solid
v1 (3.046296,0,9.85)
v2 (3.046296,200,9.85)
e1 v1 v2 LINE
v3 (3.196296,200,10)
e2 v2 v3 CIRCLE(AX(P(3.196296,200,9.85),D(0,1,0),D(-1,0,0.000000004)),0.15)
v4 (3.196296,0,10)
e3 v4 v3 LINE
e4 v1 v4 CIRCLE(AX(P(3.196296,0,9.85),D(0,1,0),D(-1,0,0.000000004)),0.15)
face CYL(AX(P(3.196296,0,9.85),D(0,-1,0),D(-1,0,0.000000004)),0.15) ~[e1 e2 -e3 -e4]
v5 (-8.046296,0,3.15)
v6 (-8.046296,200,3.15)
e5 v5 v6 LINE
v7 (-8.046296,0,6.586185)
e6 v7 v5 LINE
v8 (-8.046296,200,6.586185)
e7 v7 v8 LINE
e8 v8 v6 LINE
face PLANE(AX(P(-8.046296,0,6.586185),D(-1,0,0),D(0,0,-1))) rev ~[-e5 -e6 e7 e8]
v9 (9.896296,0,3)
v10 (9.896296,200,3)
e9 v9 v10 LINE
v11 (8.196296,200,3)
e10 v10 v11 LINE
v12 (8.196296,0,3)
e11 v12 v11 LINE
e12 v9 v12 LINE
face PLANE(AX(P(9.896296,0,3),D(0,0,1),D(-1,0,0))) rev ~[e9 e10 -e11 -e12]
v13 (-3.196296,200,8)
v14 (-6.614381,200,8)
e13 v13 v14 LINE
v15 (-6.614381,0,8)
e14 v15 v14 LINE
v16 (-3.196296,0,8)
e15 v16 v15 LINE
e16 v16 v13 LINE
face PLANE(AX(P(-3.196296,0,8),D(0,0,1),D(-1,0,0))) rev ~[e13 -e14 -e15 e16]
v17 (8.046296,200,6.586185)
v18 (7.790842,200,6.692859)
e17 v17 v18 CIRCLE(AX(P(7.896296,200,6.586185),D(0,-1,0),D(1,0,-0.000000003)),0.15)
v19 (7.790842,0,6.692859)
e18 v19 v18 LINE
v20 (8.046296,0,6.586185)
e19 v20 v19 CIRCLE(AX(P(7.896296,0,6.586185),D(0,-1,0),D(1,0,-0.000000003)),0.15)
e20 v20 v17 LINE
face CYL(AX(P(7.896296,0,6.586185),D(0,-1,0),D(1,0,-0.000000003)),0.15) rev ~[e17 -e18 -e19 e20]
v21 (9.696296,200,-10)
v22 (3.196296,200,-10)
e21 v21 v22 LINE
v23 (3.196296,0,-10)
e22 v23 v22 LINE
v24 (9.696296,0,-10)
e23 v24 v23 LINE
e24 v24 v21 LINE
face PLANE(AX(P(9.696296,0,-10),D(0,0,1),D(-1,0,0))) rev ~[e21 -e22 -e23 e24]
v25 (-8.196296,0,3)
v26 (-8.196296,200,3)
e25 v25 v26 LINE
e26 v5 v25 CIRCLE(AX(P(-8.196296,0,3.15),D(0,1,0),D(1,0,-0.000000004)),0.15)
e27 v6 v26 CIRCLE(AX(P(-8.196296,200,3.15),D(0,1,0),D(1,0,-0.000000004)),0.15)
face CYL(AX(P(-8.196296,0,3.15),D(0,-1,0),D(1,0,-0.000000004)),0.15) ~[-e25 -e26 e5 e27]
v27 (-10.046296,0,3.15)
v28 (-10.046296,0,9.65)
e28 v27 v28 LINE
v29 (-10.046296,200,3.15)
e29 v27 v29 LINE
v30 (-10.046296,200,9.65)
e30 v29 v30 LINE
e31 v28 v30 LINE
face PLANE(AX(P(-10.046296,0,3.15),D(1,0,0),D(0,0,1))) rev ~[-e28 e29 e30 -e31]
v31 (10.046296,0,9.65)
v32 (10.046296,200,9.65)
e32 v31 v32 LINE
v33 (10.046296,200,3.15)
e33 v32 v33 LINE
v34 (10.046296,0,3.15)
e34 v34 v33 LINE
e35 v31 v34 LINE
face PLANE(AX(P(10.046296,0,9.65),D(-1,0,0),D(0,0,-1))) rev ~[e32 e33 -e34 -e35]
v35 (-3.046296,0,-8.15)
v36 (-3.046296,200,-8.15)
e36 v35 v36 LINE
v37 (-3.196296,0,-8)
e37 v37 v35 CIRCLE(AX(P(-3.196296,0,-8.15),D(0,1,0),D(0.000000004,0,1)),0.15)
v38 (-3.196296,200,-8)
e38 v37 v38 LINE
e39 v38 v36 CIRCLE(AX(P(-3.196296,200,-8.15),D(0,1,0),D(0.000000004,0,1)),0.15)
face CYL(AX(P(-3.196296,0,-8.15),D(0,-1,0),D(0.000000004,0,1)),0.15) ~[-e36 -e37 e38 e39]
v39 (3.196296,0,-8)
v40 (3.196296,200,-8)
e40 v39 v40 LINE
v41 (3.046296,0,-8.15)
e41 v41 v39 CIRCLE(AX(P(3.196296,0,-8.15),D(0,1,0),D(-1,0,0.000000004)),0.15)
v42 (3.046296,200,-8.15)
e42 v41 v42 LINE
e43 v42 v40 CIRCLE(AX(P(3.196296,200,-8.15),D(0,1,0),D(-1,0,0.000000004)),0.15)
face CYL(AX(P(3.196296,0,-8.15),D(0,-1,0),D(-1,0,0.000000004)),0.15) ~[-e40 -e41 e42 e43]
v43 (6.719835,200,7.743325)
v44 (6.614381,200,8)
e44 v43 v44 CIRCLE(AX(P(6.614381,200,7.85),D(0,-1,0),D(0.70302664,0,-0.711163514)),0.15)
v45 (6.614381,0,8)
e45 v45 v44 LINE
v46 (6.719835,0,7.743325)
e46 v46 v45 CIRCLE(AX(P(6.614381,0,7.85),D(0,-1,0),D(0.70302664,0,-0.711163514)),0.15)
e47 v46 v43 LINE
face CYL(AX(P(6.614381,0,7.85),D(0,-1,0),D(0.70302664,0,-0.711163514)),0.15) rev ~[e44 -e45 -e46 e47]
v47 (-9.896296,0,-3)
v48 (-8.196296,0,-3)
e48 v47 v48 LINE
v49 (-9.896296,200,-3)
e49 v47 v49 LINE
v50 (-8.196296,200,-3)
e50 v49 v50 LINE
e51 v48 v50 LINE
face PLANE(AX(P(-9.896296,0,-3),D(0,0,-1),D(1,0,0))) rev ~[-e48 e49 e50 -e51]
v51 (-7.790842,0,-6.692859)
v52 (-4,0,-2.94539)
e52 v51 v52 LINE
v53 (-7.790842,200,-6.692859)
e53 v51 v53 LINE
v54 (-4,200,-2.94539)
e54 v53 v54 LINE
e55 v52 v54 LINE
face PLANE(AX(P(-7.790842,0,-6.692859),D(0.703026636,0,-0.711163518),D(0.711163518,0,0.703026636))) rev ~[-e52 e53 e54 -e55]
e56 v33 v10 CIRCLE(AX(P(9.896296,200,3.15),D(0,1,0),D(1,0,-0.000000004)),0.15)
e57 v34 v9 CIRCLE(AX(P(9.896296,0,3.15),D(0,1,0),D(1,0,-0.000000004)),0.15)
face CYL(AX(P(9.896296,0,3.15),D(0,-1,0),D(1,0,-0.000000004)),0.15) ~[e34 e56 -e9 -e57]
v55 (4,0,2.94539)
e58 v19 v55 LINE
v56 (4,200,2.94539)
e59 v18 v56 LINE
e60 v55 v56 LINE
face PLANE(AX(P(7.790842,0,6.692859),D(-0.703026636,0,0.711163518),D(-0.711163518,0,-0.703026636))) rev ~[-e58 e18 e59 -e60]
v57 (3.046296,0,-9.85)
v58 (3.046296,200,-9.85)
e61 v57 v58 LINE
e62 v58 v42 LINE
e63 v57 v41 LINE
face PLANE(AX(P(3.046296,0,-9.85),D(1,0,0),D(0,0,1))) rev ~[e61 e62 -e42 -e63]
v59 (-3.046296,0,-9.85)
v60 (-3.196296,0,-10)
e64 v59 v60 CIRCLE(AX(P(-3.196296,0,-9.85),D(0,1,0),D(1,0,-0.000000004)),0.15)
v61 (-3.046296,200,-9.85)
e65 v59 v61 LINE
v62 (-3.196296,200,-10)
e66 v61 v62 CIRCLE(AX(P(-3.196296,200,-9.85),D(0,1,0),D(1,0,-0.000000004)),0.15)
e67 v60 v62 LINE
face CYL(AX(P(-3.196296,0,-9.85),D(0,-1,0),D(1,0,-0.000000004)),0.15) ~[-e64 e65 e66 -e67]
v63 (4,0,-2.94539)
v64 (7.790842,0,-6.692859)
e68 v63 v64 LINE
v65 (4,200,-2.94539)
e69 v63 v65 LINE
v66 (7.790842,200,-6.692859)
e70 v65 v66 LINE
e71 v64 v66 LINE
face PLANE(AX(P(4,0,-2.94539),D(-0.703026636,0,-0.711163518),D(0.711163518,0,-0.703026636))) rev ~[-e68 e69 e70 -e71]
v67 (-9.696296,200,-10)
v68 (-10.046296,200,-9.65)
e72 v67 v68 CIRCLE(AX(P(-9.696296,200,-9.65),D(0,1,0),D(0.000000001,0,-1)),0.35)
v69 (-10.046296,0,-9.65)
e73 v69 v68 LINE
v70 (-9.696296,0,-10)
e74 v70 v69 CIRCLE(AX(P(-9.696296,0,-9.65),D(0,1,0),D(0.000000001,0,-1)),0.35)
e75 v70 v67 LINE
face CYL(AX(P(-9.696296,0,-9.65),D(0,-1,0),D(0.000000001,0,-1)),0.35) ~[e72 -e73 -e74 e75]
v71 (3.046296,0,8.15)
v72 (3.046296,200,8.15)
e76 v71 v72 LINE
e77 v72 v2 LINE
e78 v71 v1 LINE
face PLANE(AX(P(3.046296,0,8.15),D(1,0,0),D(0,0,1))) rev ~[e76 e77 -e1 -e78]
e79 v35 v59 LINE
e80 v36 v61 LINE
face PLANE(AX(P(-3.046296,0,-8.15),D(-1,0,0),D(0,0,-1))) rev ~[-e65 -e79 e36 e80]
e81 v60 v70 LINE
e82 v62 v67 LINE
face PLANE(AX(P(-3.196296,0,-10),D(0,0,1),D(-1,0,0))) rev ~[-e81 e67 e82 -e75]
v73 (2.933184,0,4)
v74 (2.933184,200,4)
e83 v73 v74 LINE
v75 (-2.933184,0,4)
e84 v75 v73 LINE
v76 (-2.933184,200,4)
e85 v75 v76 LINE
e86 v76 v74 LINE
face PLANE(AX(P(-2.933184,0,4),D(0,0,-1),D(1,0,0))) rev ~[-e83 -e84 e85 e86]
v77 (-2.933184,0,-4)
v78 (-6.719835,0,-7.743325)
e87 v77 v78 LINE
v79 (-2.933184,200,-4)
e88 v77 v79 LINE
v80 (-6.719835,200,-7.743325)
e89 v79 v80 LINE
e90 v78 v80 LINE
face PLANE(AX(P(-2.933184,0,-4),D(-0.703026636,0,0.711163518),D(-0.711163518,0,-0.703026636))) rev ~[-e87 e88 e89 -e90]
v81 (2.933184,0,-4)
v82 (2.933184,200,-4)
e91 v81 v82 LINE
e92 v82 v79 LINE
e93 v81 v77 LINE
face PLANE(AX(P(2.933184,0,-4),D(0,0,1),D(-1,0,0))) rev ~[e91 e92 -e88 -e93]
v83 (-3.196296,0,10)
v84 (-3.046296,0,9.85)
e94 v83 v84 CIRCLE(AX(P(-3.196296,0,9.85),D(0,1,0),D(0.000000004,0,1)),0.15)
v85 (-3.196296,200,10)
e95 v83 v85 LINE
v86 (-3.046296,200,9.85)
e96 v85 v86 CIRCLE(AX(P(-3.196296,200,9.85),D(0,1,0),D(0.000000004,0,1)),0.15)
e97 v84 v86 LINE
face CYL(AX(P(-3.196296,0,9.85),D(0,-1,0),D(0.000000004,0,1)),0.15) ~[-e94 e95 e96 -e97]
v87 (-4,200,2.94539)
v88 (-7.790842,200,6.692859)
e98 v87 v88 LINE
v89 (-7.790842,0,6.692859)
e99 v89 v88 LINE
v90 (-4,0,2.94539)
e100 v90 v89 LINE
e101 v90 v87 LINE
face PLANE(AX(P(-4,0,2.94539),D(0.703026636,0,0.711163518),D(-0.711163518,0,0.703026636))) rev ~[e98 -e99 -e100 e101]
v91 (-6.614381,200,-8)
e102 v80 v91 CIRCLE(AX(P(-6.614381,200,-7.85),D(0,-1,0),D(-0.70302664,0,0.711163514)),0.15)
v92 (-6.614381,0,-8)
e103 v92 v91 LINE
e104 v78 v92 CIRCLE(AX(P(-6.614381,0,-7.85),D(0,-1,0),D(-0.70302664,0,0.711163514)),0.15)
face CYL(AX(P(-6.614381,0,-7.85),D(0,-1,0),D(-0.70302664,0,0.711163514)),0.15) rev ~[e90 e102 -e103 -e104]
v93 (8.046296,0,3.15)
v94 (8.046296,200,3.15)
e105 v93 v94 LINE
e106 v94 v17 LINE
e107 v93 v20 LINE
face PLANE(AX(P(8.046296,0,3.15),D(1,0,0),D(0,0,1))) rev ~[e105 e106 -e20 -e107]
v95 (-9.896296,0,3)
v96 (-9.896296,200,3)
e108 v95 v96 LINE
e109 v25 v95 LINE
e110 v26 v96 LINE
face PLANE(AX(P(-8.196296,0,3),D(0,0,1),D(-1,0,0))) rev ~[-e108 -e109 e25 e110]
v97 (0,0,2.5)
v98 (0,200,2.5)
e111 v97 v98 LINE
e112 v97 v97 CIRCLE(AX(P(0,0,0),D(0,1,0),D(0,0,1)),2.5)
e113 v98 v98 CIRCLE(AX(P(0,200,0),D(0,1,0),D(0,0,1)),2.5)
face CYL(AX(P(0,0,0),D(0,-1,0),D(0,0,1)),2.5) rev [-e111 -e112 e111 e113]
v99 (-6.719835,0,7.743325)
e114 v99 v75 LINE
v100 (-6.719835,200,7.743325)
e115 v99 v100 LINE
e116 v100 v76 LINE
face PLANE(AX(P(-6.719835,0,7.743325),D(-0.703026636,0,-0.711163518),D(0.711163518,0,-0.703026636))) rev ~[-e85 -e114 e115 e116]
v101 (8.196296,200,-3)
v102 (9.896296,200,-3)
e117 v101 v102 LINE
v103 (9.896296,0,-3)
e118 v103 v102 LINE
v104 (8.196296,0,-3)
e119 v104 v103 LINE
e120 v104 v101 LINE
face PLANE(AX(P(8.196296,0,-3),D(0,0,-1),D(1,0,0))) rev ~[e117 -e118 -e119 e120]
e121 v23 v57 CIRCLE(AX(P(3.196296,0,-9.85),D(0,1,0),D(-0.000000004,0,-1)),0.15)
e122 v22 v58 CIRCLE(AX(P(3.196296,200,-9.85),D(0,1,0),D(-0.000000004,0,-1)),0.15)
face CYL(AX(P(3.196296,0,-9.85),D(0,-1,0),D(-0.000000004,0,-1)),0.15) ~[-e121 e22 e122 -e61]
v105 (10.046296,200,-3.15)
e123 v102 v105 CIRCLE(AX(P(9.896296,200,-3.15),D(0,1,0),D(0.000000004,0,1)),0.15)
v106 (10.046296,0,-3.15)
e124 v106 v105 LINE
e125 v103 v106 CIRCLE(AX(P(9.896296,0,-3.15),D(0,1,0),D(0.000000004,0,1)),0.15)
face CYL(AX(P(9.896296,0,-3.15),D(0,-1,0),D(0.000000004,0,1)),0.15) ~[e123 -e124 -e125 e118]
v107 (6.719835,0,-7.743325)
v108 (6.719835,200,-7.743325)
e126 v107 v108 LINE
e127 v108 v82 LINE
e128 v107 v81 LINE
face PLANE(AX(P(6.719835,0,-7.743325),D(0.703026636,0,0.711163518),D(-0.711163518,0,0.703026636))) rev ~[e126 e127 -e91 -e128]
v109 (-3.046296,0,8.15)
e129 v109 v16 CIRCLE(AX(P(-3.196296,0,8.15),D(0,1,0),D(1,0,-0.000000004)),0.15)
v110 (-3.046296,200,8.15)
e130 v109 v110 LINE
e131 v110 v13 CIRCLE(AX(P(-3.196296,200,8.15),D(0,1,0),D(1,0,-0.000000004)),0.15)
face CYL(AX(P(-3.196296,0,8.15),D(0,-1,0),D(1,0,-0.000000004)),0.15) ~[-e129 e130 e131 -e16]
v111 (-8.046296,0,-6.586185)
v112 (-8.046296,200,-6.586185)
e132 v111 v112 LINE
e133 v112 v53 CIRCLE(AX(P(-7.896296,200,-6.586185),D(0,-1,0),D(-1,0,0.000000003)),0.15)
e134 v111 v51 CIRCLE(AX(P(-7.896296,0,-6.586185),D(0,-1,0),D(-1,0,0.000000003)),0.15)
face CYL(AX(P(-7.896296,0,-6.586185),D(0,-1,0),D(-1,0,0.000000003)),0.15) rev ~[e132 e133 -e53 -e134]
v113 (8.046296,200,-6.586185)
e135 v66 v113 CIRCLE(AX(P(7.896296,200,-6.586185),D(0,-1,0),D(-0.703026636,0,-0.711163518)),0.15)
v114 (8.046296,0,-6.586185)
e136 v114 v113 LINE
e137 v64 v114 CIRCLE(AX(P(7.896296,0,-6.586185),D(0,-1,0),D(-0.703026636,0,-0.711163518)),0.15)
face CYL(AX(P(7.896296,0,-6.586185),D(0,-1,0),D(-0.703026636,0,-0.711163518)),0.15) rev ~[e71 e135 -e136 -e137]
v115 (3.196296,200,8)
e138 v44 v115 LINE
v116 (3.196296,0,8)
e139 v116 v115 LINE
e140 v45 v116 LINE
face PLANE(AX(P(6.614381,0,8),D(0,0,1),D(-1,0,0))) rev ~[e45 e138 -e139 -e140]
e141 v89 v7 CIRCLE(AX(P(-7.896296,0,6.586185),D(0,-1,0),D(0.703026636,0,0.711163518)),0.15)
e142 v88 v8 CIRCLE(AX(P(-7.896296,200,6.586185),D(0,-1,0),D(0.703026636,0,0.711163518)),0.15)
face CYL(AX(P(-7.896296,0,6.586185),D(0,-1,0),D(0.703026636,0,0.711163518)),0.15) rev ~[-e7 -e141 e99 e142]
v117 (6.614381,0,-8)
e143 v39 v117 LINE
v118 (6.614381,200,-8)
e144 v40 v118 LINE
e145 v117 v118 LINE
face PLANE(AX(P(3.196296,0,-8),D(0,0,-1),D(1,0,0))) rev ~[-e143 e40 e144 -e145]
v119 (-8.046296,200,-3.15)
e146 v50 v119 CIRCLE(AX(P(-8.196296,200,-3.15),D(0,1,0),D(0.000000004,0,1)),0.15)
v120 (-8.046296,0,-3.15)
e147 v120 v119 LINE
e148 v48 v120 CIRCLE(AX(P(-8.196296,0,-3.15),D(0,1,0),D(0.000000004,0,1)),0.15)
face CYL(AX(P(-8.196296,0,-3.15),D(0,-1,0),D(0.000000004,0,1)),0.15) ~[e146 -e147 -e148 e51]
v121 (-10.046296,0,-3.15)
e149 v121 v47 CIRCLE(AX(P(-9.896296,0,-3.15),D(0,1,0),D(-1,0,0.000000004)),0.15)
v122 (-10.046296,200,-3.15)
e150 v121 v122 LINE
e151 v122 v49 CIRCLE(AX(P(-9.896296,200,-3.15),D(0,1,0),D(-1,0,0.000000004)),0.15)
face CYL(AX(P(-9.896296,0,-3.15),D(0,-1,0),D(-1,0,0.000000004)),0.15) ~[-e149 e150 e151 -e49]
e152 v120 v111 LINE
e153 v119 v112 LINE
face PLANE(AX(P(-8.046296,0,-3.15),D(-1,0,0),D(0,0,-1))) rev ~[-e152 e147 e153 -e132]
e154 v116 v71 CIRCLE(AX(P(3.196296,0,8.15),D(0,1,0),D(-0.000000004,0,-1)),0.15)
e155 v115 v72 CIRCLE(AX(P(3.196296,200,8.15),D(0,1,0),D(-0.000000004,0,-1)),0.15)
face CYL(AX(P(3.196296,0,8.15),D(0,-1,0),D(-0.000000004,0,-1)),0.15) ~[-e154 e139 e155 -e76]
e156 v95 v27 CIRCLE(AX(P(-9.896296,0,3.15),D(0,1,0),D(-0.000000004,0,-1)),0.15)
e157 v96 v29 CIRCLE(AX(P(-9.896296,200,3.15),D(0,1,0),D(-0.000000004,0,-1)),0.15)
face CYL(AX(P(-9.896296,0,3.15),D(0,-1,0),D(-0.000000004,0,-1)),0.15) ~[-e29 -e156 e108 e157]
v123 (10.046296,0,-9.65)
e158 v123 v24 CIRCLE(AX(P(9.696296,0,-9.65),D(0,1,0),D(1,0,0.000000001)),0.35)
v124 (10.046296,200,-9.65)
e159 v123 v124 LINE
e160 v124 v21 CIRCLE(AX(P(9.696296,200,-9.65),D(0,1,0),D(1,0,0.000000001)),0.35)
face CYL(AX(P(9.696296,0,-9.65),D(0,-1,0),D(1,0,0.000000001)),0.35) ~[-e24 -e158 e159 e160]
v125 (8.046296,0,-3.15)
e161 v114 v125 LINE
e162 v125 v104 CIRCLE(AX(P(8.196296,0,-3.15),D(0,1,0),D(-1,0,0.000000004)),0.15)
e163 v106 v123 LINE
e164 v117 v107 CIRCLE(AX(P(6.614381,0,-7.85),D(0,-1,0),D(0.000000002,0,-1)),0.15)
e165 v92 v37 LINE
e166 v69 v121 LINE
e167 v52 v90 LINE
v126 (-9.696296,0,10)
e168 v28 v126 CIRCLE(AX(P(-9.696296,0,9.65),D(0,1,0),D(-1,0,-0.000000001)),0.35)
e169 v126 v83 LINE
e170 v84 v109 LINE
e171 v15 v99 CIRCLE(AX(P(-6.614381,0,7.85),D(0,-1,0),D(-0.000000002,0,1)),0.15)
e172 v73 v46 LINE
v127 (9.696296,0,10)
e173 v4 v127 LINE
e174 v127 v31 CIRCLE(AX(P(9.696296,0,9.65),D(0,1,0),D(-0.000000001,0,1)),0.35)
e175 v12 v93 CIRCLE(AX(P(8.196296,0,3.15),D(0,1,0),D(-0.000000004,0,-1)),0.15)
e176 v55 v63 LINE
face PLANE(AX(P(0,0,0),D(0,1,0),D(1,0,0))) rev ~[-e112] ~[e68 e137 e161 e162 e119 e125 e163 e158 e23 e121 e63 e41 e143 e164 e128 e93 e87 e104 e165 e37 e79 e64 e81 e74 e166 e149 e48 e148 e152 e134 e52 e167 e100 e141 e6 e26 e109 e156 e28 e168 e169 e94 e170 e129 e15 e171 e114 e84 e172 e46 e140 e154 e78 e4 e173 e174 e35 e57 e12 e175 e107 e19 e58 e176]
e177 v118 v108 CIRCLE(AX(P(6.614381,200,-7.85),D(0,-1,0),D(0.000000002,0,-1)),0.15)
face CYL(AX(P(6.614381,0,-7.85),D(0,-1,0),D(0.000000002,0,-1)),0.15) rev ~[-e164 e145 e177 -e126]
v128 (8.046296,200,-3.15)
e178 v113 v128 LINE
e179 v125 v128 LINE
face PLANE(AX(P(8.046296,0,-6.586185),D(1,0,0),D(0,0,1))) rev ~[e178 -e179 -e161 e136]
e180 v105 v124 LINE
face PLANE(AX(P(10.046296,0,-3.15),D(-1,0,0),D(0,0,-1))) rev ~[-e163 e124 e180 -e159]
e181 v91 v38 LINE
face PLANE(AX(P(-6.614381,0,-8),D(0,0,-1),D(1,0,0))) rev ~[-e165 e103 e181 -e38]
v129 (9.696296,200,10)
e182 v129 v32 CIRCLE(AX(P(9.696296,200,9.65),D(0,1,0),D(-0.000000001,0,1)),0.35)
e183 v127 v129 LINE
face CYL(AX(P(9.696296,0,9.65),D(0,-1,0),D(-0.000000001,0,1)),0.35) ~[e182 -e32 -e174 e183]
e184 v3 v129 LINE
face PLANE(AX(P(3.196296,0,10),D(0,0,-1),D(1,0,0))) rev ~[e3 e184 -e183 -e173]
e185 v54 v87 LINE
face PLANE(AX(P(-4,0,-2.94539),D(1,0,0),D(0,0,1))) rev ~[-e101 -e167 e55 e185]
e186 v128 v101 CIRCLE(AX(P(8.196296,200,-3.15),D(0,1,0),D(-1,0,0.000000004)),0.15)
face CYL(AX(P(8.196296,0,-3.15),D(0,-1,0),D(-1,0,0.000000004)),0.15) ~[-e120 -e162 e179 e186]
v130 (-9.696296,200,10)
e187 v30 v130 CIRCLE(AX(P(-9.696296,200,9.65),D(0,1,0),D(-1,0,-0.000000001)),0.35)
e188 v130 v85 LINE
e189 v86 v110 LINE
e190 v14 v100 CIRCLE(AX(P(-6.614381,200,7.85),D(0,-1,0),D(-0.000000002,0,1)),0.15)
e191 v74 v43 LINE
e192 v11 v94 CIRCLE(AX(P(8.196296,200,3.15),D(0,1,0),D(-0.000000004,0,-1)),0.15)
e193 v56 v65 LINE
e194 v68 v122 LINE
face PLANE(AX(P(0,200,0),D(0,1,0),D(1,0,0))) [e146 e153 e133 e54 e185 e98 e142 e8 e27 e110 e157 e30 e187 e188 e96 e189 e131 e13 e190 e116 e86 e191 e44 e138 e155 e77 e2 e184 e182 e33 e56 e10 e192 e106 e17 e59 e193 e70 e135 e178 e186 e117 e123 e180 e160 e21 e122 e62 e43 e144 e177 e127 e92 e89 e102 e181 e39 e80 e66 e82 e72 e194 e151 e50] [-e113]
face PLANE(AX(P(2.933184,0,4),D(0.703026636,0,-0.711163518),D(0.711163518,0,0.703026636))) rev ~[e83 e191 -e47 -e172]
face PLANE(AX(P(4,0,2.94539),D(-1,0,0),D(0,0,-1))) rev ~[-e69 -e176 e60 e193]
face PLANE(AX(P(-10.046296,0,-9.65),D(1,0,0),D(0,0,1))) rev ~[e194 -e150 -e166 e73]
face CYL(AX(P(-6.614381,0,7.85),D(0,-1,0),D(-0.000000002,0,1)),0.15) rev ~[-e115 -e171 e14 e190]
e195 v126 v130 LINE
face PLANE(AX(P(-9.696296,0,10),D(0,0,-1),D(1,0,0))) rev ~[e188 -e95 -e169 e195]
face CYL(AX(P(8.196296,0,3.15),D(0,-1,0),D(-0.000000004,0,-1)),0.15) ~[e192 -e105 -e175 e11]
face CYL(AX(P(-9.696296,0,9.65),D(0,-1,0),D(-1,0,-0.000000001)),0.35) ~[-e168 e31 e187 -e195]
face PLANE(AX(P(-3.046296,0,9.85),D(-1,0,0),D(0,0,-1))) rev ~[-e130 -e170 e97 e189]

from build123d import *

# Parameters (mm, degrees)
SKETCH1_R           = 2.5
BOSS_EXTRUDE2_DEPTH = 200


with BuildPart() as part:
    # Sketch1 → Boss-Extrude2 (new body)
    with BuildSketch(Plane(origin=(0, 0, 0), x_dir=(1, 0, 0), z_dir=(0, 1, 0))):
        with BuildLine():
            Line((-9.896296296, 3), (-8.196296296, 3))
            ThreePointArc((-8.196296296, 3), (-8.090230279, 3.043933983), (-8.046296296, 3.15))
            Line((-8.046296296, 3.15), (-8.046296296, 6.586184513))
            ThreePointArc((-8.046296296, 6.586184513), (-7.954097251, 6.724600732), (-7.790842301, 6.692859041))
            Line((-7.790842301, 6.692859041), (-4, 2.945390222))
            Line((-4, 2.945390222), (-4, -2.945390222))
            Line((-4, -2.945390222), (-7.790842301, -6.692859041))
            ThreePointArc((-7.790842301, -6.692859041), (-7.954097251, -6.724600732), (-8.046296296, -6.586184513))
            Line((-8.046296296, -6.586184513), (-8.046296296, -3.15))
            ThreePointArc((-8.046296296, -3.15), (-8.090230279, -3.043933983), (-8.196296296, -3))
            Line((-8.196296296, -3), (-9.896296296, -3))
            ThreePointArc((-9.896296296, -3), (-10.002362313, -3.043933983), (-10.046296296, -3.15))
            Line((-10.046296296, -3.15), (-10.046296296, -9.65))
            ThreePointArc((-10.046296296, -9.65), (-9.94378367, -9.897487373), (-9.696296296, -10))
            Line((-9.696296296, -10), (-3.196296296, -10))
            ThreePointArc((-3.196296296, -10), (-3.090230279, -9.956066017), (-3.046296296, -9.85))
            Line((-3.046296296, -9.85), (-3.046296296, -8.15))
            ThreePointArc((-3.046296296, -8.15), (-3.090230279, -8.043933983), (-3.196296296, -8))
            Line((-3.196296296, -8), (-6.614381093, -8))
            ThreePointArc((-6.614381093, -8), (-6.753127587, -7.9070036), (-6.719835089, -7.743325472))
            Line((-6.719835089, -7.743325472), (-2.93318409, -4))
            Line((-2.93318409, -4), (2.93318409, -4))
            Line((2.93318409, -4), (6.719835089, -7.743325472))
            ThreePointArc((6.719835089, -7.743325472), (6.753127587, -7.9070036), (6.614381093, -8))
            Line((6.614381093, -8), (3.196296296, -8))
            ThreePointArc((3.196296296, -8), (3.090230279, -8.043933983), (3.046296296, -8.15))
            Line((3.046296296, -8.15), (3.046296296, -9.85))
            ThreePointArc((3.046296296, -9.85), (3.090230279, -9.956066017), (3.196296296, -10))
            Line((3.196296296, -10), (9.696296296, -10))
            ThreePointArc((9.696296296, -10), (9.94378367, -9.897487373), (10.046296296, -9.65))
            Line((10.046296296, -9.65), (10.046296296, -3.15))
            ThreePointArc((10.046296296, -3.15), (10.002362313, -3.043933983), (9.896296296, -3))
            Line((9.896296296, -3), (8.196296296, -3))
            ThreePointArc((8.196296296, -3), (8.090230279, -3.043933983), (8.046296296, -3.15))
            Line((8.046296296, -3.15), (8.046296296, -6.586184513))
            ThreePointArc((8.046296296, -6.586184513), (7.954097251, -6.724600732), (7.790842301, -6.692859041))
            Line((7.790842301, -6.692859041), (4, -2.945390222))
            Line((4, -2.945390222), (4, 2.945390222))
            Line((4, 2.945390222), (7.790842301, 6.692859041))
            ThreePointArc((7.790842301, 6.692859041), (7.954097251, 6.724600732), (8.046296296, 6.586184513))
            Line((8.046296296, 6.586184513), (8.046296296, 3.15))
            ThreePointArc((8.046296296, 3.15), (8.090230279, 3.043933983), (8.196296296, 3))
            Line((8.196296296, 3), (9.896296296, 3))
            ThreePointArc((9.896296296, 3), (10.002362313, 3.043933983), (10.046296296, 3.15))
            Line((10.046296296, 3.15), (10.046296296, 9.65))
            ThreePointArc((10.046296296, 9.65), (9.94378367, 9.897487373), (9.696296296, 10))
            Line((9.696296296, 10), (3.196296296, 10))
            ThreePointArc((3.196296296, 10), (3.090230279, 9.956066017), (3.046296296, 9.85))
            Line((3.046296296, 9.85), (3.046296296, 8.15))
            ThreePointArc((3.046296296, 8.15), (3.090230279, 8.043933983), (3.196296296, 8))
            Line((3.196296296, 8), (6.614381093, 8))
            ThreePointArc((6.614381093, 8), (6.753127587, 7.9070036), (6.719835089, 7.743325472))
            Line((6.719835089, 7.743325472), (2.93318409, 4))
            Line((2.93318409, 4), (-2.93318409, 4))
            Line((-2.93318409, 4), (-6.719835089, 7.743325472))
            ThreePointArc((-6.719835089, 7.743325472), (-6.753127587, 7.9070036), (-6.614381093, 8))
            Line((-6.614381093, 8), (-3.196296296, 8))
            ThreePointArc((-3.196296296, 8), (-3.090230279, 8.043933983), (-3.046296296, 8.15))
            Line((-3.046296296, 8.15), (-3.046296296, 9.85))
            ThreePointArc((-3.046296296, 9.85), (-3.090230279, 9.956066017), (-3.196296296, 10))
            Line((-3.196296296, 10), (-9.696296296, 10))
            ThreePointArc((-9.696296296, 10), (-9.94378367, 9.897487373), (-10.046296296, 9.65))
            Line((-10.046296296, 9.65), (-10.046296296, 3.15))
            ThreePointArc((-10.046296296, 3.15), (-10.002362313, 3.043933983), (-9.896296296, 3))
        make_face()
        with Locations(Location((0, 0, 0), (0, 0, 270))):
            Circle(SKETCH1_R, mode=Mode.SUBTRACT)
    extrude(amount=BOSS_EXTRUDE2_DEPTH)


solid = part.part
